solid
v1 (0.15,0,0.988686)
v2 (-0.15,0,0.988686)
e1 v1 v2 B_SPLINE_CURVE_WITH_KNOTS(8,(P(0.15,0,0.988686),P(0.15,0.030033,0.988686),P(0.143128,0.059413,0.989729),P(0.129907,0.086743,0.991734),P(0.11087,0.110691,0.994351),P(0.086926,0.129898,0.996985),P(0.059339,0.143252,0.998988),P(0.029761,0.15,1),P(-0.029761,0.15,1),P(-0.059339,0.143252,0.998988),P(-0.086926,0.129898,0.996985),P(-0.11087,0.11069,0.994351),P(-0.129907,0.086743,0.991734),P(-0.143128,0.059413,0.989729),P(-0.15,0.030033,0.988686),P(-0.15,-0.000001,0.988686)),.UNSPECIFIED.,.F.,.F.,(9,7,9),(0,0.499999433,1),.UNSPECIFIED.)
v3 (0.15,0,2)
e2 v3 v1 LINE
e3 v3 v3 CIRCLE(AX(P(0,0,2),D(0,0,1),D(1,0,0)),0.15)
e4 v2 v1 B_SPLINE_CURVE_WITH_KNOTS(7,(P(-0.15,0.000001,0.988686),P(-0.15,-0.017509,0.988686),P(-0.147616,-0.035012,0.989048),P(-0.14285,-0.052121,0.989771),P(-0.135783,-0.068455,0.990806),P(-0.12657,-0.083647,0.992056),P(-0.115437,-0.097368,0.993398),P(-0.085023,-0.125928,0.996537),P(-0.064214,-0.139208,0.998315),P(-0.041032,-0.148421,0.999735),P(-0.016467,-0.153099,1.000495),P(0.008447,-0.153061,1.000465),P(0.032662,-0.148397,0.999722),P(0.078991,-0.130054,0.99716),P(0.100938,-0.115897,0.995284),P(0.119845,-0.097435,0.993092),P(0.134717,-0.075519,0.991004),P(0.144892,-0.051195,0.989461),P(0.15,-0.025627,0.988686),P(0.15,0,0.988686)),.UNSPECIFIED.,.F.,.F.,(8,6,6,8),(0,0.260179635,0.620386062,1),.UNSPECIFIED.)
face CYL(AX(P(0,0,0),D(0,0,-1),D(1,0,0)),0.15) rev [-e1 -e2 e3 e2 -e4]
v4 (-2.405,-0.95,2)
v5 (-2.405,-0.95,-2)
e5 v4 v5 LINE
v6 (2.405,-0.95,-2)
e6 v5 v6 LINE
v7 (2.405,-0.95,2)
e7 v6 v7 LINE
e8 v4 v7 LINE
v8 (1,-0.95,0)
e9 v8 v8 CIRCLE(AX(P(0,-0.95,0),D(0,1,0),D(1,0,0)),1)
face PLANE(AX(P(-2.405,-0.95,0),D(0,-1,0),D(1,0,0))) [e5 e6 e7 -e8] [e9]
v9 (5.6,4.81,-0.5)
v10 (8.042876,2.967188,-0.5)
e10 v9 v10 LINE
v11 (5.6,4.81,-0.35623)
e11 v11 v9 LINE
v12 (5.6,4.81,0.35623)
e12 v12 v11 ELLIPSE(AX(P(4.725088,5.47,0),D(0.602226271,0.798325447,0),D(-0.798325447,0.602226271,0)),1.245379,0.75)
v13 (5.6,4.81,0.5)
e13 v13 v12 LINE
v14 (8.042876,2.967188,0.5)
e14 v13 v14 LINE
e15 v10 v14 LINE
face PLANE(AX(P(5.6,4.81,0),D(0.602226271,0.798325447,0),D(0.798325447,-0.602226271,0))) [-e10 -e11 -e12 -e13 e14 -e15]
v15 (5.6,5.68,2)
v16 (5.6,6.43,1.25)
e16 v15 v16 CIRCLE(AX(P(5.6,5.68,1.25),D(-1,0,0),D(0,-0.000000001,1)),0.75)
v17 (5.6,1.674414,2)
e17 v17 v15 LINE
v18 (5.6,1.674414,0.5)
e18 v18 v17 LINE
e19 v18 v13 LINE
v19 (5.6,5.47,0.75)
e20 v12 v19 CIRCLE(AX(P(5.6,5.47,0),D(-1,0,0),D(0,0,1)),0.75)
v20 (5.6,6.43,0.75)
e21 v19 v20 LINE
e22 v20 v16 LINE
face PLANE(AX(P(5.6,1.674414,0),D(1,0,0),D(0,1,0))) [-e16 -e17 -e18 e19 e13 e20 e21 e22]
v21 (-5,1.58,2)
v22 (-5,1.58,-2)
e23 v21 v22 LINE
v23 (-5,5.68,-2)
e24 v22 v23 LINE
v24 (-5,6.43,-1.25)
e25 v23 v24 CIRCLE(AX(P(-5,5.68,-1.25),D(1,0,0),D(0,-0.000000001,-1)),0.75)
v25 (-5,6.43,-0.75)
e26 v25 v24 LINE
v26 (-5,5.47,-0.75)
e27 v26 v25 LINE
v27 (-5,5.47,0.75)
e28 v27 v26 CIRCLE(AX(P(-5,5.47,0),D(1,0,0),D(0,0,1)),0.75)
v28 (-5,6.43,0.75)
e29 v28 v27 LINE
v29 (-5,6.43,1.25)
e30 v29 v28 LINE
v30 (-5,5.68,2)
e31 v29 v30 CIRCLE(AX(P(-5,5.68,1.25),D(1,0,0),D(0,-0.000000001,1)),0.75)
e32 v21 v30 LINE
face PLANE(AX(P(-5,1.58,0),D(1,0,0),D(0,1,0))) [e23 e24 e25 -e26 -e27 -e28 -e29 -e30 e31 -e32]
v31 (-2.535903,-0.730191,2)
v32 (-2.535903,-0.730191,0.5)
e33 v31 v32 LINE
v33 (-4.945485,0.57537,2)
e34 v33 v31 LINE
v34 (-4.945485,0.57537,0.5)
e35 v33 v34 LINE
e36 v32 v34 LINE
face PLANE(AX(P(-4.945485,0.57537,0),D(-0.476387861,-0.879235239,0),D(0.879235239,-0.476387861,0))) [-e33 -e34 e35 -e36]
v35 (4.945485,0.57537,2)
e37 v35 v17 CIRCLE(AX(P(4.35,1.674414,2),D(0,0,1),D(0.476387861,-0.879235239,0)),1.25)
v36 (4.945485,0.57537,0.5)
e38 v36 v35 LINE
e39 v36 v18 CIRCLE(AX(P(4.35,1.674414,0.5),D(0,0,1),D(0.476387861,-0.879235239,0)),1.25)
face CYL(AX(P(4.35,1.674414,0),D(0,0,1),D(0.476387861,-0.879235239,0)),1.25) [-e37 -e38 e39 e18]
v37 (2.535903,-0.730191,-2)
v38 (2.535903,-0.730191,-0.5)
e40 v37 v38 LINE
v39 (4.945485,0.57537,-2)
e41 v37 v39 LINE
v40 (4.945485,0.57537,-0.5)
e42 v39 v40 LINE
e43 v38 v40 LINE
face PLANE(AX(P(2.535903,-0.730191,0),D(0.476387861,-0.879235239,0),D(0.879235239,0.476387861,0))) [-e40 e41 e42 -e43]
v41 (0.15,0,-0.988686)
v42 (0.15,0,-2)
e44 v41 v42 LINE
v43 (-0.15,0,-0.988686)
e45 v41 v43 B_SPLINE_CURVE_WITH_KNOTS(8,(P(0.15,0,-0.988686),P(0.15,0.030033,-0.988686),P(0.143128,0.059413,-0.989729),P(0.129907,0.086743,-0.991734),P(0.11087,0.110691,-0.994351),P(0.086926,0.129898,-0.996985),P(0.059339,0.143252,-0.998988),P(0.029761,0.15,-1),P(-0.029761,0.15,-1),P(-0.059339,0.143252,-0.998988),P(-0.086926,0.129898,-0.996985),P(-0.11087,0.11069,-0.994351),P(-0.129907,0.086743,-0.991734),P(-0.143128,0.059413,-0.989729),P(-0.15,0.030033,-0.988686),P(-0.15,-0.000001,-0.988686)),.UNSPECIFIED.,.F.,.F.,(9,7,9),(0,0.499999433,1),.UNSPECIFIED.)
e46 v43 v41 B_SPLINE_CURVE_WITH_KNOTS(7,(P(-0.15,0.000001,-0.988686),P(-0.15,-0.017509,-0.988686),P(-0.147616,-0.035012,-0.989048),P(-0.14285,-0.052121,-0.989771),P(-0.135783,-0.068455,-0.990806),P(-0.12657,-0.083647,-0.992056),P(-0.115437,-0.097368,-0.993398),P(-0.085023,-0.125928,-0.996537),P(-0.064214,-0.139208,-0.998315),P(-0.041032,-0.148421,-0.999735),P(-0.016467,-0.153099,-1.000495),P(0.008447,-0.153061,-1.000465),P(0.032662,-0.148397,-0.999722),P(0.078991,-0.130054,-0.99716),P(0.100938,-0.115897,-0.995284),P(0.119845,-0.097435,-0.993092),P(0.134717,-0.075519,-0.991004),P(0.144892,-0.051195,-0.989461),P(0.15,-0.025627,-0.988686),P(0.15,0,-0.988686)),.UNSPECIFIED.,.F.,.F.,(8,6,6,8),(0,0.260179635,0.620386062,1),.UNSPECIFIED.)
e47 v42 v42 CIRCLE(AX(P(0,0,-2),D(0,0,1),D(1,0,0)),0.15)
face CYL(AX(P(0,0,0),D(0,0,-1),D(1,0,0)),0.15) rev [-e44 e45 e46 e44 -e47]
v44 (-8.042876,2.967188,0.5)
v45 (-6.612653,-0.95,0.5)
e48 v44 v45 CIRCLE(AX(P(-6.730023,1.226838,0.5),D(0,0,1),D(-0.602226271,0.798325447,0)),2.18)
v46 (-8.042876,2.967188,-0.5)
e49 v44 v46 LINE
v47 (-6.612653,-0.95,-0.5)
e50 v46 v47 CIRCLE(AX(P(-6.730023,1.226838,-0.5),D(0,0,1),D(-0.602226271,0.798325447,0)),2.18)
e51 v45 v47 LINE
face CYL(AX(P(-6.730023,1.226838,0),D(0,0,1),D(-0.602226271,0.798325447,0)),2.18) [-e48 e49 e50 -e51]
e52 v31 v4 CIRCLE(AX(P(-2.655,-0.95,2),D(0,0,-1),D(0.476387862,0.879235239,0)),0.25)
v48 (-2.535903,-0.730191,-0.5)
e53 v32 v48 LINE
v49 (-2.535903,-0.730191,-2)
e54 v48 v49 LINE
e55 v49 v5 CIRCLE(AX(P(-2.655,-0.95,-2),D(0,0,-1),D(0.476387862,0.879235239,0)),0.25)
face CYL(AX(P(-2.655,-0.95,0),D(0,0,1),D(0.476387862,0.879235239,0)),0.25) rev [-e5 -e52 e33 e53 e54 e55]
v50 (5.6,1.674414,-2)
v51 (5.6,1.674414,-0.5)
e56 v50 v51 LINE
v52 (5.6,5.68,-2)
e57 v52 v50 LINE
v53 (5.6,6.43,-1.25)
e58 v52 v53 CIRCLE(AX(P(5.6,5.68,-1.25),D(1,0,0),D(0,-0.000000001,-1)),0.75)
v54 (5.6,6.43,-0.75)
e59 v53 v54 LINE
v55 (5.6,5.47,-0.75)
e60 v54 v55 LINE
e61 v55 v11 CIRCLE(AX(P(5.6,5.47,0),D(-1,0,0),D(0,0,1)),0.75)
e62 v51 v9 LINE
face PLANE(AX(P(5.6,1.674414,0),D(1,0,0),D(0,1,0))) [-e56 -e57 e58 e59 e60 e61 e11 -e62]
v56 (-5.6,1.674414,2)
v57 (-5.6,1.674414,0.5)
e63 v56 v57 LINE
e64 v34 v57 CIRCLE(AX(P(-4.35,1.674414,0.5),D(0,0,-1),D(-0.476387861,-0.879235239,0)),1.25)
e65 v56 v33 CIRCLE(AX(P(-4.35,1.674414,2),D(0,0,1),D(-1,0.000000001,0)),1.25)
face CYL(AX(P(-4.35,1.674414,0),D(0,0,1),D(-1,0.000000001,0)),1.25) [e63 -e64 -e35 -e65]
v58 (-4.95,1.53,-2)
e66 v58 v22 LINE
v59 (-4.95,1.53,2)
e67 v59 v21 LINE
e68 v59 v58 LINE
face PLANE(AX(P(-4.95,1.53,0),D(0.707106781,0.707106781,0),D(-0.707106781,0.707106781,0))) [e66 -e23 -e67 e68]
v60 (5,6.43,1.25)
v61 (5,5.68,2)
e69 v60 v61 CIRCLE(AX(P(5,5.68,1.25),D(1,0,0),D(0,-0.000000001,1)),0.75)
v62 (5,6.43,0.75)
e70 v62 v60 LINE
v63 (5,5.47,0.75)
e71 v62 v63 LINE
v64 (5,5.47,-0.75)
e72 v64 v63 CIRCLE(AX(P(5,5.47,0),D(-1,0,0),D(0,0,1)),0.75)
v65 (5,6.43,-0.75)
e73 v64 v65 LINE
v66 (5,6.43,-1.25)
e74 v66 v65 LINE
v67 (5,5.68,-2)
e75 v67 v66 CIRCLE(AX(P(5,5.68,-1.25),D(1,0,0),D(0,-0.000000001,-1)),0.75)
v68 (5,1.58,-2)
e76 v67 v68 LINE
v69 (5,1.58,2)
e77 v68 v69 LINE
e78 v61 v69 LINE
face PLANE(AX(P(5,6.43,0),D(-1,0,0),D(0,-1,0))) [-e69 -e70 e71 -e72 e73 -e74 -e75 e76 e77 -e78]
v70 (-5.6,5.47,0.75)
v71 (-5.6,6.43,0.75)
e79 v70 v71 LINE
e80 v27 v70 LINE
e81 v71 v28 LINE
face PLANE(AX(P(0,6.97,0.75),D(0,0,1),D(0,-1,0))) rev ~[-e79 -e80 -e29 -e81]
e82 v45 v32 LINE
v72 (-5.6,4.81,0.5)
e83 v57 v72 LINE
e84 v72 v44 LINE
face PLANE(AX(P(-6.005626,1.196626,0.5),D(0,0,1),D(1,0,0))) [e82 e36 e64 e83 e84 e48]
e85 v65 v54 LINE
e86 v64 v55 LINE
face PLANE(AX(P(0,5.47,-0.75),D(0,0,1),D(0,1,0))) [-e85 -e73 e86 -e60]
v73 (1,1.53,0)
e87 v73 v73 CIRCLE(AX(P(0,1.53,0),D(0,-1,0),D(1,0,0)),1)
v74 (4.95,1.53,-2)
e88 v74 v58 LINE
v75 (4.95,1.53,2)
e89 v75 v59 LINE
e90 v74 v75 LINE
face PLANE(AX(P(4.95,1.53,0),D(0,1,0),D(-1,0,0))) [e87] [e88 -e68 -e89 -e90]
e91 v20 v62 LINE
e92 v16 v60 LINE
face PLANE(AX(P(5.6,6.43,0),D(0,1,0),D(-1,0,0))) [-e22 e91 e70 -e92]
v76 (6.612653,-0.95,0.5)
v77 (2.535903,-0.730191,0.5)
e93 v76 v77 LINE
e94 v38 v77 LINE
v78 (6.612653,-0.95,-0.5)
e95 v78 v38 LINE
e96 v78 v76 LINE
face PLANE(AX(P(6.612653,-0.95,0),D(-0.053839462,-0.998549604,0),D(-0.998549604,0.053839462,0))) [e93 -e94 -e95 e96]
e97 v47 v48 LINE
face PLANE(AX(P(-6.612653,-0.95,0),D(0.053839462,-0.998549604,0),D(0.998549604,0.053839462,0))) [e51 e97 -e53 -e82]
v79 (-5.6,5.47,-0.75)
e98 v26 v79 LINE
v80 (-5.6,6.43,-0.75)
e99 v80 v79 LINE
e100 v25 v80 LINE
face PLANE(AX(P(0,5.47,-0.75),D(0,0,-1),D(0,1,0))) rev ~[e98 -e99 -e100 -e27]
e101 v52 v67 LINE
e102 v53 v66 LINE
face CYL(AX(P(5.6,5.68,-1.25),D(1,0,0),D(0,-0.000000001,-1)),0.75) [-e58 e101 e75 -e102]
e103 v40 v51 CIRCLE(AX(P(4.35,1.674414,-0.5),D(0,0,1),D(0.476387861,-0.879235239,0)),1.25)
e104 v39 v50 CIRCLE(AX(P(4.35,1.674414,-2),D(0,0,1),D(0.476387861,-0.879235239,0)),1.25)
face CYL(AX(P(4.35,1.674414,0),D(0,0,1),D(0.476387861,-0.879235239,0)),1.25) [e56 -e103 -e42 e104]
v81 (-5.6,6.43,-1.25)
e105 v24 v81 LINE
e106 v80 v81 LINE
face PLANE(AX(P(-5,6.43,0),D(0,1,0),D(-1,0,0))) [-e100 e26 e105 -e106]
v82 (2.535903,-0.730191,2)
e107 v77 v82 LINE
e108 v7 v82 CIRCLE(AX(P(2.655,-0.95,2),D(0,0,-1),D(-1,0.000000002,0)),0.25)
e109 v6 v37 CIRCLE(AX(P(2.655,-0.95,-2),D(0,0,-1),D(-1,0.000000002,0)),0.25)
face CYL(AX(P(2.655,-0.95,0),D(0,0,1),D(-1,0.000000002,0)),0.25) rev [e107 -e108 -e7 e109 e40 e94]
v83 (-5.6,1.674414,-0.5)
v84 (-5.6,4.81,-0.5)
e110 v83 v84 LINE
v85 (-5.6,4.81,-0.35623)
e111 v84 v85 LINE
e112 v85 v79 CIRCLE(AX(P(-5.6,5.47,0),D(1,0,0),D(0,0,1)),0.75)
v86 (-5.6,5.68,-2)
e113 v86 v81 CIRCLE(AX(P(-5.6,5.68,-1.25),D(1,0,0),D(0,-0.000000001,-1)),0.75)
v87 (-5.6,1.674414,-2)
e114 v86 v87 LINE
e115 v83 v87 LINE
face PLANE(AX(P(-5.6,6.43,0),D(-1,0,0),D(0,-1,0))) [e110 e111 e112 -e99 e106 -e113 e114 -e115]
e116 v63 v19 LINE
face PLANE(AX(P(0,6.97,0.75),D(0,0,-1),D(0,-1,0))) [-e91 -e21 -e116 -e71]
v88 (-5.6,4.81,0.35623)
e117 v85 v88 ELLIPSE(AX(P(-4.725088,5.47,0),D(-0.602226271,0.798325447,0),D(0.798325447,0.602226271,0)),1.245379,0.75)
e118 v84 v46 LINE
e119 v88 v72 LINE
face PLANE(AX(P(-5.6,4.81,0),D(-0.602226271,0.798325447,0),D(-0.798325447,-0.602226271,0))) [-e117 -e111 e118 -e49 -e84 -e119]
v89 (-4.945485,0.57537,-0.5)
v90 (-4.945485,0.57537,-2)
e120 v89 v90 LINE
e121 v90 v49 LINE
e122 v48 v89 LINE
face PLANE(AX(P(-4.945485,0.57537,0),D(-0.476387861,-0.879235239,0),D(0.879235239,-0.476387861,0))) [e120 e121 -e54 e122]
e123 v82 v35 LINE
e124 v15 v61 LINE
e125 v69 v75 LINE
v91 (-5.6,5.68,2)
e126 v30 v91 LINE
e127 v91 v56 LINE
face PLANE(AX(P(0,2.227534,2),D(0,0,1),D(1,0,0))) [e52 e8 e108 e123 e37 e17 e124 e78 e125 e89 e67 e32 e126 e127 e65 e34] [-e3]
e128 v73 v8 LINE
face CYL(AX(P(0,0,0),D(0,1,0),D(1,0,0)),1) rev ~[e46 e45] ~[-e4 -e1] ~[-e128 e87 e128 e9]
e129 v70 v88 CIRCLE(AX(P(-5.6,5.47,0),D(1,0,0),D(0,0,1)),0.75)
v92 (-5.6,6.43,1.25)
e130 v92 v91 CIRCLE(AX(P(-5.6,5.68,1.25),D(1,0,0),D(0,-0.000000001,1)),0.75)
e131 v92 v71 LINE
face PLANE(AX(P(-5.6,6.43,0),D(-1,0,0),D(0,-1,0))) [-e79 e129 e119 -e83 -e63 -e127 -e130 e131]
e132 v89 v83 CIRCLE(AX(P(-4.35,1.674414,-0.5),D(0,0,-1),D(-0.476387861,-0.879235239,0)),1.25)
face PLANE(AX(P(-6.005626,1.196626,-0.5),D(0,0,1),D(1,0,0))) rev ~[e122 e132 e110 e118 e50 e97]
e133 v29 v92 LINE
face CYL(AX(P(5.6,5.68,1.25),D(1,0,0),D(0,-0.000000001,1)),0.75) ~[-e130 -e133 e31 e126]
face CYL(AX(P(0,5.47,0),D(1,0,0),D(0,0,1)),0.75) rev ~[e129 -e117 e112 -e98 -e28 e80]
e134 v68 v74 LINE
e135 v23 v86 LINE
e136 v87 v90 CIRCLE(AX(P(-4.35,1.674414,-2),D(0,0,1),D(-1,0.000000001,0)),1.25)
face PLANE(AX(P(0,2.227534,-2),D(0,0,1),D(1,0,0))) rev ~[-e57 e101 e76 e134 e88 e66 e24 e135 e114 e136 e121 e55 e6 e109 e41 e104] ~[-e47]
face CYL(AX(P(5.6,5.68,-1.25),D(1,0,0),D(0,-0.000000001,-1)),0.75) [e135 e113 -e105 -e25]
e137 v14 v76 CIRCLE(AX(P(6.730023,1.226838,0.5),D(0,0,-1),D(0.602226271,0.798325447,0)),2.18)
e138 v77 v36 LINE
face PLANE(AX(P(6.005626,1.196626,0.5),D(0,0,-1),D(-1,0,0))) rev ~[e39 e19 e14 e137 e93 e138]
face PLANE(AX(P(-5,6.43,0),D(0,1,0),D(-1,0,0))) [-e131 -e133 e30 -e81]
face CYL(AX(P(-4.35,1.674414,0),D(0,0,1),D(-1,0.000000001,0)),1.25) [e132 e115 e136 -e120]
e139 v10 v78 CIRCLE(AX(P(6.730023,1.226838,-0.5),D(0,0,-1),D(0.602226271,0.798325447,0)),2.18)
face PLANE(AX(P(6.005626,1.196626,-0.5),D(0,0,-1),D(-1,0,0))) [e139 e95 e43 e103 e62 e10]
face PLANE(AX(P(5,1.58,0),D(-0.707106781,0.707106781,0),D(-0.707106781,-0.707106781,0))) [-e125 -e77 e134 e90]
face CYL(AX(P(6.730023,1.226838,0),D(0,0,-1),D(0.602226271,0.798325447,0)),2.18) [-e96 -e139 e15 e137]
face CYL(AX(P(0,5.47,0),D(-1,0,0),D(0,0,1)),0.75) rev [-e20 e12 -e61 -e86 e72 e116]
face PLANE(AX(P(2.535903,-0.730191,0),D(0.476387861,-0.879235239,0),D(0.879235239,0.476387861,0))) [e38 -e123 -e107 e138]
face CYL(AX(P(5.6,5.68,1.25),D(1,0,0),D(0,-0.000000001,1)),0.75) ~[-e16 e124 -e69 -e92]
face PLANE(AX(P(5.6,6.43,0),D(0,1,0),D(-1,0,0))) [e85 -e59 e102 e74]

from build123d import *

# Parameters (mm, degrees)
SKETCH1_R               = 0.15
BOSS_EXTRUDE1_DEPTH     = 2
BOSS_EXTRUDE3_DEPTH     = 0.5
CUT_EXTRUDE1_DEPTH      = 9.910022596
CUT_EXTRUDE1_DEPTH_BACK = 9.910022596
CUT_EXTRUDE2_DEPTH      = 4.310022596
CUT_EXTRUDE2_DEPTH_BACK = 15.510022596
SKETCH6_R               = 1
CUT_EXTRUDE3_DEPTH      = 7.43
CUT_EXTRUDE3_DEPTH_BACK = 1.953161862


with BuildPart() as part:
    # Sketch1 → Boss-Extrude1 (new body, symmetric)
    with BuildSketch(Plane.XY):
        with BuildLine():
            Line((-2.405, -0.95), (2.405, -0.95))
            ThreePointArc((2.405, -0.95), (2.440204468, -0.822082529), (2.535903035, -0.73019119))
            Line((2.535903035, -0.73019119), (4.945484826, 0.575370124))
            ThreePointArc((4.945484826, 0.575370124), (5.423977661, 1.034826819), (5.6, 1.674414174))
            Line((5.6, 1.674414174), (5.6, 6.43))
            Line((5.6, 6.43), (5, 6.43))
            Line((5, 6.43), (5, 1.58))
            Line((5, 1.58), (4.95, 1.53))
            Line((4.95, 1.53), (-4.95, 1.53))
            Line((-4.95, 1.53), (-5, 1.58))
            Line((-5, 1.58), (-5, 6.43))
            Line((-5, 6.43), (-5.6, 6.43))
            Line((-5.6, 6.43), (-5.6, 1.674414174))
            ThreePointArc((-5.6, 1.674414174), (-5.423977661, 1.034826819), (-4.945484826, 0.575370124))
            Line((-4.945484826, 0.575370124), (-2.535903035, -0.73019119))
            ThreePointArc((-2.535903035, -0.73019119), (-2.440204468, -0.822082529), (-2.405, -0.95))
        make_face()
        Circle(SKETCH1_R, mode=Mode.SUBTRACT)
    extrude(amount=BOSS_EXTRUDE1_DEPTH, both=True)

    # Sketch2 → Boss-Extrude3 (add, symmetric)
    with BuildSketch(Plane.XY):
        with BuildLine():
            Line((2.535903035, -0.73019119), (4.945484826, 0.575370124))
            ThreePointArc((4.945484826, 0.575370124), (5.423977661, 1.034826819), (5.6, 1.674414174))
            Line((5.6, 1.674414174), (5.6, 4.81))
            Line((5.6, 4.81), (8.042875866, 2.967187611))
            ThreePointArc((8.042875866, 2.967187611), (8.777798155, 0.479164908), (6.61265257, -0.95))
            Line((6.61265257, -0.95), (2.535903035, -0.73019119))
        make_face()
        with BuildLine():
            Line((-2.535903035, -0.73019119), (-4.945484826, 0.575370124))
            ThreePointArc((-4.945484826, 0.575370124), (-5.423977661, 1.034826819), (-5.6, 1.674414174))
            Line((-5.6, 1.674414174), (-5.6, 4.81))
            Line((-5.6, 4.81), (-8.042875866, 2.967187611))
            ThreePointArc((-8.042875866, 2.967187611), (-8.777798155, 0.479164908), (-6.61265257, -0.95))
            Line((-6.61265257, -0.95), (-2.535903035, -0.73019119))
        make_face()
    extrude(amount=BOSS_EXTRUDE3_DEPTH, both=True)

    # Sketch4 → Cut-Extrude1 (cut, two sides)
    with BuildSketch(Plane(origin=(0, 0, 0), x_dir=(0, 0, -1), z_dir=(1, 0, 0))) as cut_extrude1_sk:
        with BuildLine():
            Line((0.75, 5.47), (0.75, 6.97))
            Line((0.75, 6.97), (-0.75, 6.97))
            Line((-0.75, 6.97), (-0.75, 5.47))
            ThreePointArc((-0.75, 5.47), (0, 4.72), (0.75, 5.47))
        make_face()
    extrude(amount=CUT_EXTRUDE1_DEPTH, mode=Mode.SUBTRACT)
    extrude(cut_extrude1_sk.sketch, amount=-CUT_EXTRUDE1_DEPTH_BACK, mode=Mode.SUBTRACT)

    # Sketch5 → Cut-Extrude2 (cut, two sides)
    with BuildSketch(Plane(origin=(5.6, 0, 0), x_dir=(0, 0, -1), z_dir=(1, 0, 0))) as cut_extrude2_sk:
        with BuildLine():
            Line((2, 6.43), (2, 5.68))
            ThreePointArc((2, 5.68), (1.780330086, 6.210330086), (1.25, 6.43))
            Line((1.25, 6.43), (2, 6.43))
        make_face()
        with BuildLine():
            Line((-2, 6.43), (-2, 5.68))
            ThreePointArc((-2, 5.68), (-1.780330086, 6.210330086), (-1.25, 6.43))
            Line((-1.25, 6.43), (-2, 6.43))
        make_face()
    extrude(amount=CUT_EXTRUDE2_DEPTH, mode=Mode.SUBTRACT)
    extrude(cut_extrude2_sk.sketch, amount=-CUT_EXTRUDE2_DEPTH_BACK, mode=Mode.SUBTRACT)

    # Sketch6 → Cut-Extrude3 (cut, two sides)
    with BuildSketch(Plane(origin=(0, 0, 0), x_dir=(1, 0, 0), z_dir=(0, 1, 0))) as cut_extrude3_sk:
        Circle(SKETCH6_R)
    extrude(amount=CUT_EXTRUDE3_DEPTH, mode=Mode.SUBTRACT)
    extrude(cut_extrude3_sk.sketch, amount=-CUT_EXTRUDE3_DEPTH_BACK, mode=Mode.SUBTRACT)


solid = part.part
